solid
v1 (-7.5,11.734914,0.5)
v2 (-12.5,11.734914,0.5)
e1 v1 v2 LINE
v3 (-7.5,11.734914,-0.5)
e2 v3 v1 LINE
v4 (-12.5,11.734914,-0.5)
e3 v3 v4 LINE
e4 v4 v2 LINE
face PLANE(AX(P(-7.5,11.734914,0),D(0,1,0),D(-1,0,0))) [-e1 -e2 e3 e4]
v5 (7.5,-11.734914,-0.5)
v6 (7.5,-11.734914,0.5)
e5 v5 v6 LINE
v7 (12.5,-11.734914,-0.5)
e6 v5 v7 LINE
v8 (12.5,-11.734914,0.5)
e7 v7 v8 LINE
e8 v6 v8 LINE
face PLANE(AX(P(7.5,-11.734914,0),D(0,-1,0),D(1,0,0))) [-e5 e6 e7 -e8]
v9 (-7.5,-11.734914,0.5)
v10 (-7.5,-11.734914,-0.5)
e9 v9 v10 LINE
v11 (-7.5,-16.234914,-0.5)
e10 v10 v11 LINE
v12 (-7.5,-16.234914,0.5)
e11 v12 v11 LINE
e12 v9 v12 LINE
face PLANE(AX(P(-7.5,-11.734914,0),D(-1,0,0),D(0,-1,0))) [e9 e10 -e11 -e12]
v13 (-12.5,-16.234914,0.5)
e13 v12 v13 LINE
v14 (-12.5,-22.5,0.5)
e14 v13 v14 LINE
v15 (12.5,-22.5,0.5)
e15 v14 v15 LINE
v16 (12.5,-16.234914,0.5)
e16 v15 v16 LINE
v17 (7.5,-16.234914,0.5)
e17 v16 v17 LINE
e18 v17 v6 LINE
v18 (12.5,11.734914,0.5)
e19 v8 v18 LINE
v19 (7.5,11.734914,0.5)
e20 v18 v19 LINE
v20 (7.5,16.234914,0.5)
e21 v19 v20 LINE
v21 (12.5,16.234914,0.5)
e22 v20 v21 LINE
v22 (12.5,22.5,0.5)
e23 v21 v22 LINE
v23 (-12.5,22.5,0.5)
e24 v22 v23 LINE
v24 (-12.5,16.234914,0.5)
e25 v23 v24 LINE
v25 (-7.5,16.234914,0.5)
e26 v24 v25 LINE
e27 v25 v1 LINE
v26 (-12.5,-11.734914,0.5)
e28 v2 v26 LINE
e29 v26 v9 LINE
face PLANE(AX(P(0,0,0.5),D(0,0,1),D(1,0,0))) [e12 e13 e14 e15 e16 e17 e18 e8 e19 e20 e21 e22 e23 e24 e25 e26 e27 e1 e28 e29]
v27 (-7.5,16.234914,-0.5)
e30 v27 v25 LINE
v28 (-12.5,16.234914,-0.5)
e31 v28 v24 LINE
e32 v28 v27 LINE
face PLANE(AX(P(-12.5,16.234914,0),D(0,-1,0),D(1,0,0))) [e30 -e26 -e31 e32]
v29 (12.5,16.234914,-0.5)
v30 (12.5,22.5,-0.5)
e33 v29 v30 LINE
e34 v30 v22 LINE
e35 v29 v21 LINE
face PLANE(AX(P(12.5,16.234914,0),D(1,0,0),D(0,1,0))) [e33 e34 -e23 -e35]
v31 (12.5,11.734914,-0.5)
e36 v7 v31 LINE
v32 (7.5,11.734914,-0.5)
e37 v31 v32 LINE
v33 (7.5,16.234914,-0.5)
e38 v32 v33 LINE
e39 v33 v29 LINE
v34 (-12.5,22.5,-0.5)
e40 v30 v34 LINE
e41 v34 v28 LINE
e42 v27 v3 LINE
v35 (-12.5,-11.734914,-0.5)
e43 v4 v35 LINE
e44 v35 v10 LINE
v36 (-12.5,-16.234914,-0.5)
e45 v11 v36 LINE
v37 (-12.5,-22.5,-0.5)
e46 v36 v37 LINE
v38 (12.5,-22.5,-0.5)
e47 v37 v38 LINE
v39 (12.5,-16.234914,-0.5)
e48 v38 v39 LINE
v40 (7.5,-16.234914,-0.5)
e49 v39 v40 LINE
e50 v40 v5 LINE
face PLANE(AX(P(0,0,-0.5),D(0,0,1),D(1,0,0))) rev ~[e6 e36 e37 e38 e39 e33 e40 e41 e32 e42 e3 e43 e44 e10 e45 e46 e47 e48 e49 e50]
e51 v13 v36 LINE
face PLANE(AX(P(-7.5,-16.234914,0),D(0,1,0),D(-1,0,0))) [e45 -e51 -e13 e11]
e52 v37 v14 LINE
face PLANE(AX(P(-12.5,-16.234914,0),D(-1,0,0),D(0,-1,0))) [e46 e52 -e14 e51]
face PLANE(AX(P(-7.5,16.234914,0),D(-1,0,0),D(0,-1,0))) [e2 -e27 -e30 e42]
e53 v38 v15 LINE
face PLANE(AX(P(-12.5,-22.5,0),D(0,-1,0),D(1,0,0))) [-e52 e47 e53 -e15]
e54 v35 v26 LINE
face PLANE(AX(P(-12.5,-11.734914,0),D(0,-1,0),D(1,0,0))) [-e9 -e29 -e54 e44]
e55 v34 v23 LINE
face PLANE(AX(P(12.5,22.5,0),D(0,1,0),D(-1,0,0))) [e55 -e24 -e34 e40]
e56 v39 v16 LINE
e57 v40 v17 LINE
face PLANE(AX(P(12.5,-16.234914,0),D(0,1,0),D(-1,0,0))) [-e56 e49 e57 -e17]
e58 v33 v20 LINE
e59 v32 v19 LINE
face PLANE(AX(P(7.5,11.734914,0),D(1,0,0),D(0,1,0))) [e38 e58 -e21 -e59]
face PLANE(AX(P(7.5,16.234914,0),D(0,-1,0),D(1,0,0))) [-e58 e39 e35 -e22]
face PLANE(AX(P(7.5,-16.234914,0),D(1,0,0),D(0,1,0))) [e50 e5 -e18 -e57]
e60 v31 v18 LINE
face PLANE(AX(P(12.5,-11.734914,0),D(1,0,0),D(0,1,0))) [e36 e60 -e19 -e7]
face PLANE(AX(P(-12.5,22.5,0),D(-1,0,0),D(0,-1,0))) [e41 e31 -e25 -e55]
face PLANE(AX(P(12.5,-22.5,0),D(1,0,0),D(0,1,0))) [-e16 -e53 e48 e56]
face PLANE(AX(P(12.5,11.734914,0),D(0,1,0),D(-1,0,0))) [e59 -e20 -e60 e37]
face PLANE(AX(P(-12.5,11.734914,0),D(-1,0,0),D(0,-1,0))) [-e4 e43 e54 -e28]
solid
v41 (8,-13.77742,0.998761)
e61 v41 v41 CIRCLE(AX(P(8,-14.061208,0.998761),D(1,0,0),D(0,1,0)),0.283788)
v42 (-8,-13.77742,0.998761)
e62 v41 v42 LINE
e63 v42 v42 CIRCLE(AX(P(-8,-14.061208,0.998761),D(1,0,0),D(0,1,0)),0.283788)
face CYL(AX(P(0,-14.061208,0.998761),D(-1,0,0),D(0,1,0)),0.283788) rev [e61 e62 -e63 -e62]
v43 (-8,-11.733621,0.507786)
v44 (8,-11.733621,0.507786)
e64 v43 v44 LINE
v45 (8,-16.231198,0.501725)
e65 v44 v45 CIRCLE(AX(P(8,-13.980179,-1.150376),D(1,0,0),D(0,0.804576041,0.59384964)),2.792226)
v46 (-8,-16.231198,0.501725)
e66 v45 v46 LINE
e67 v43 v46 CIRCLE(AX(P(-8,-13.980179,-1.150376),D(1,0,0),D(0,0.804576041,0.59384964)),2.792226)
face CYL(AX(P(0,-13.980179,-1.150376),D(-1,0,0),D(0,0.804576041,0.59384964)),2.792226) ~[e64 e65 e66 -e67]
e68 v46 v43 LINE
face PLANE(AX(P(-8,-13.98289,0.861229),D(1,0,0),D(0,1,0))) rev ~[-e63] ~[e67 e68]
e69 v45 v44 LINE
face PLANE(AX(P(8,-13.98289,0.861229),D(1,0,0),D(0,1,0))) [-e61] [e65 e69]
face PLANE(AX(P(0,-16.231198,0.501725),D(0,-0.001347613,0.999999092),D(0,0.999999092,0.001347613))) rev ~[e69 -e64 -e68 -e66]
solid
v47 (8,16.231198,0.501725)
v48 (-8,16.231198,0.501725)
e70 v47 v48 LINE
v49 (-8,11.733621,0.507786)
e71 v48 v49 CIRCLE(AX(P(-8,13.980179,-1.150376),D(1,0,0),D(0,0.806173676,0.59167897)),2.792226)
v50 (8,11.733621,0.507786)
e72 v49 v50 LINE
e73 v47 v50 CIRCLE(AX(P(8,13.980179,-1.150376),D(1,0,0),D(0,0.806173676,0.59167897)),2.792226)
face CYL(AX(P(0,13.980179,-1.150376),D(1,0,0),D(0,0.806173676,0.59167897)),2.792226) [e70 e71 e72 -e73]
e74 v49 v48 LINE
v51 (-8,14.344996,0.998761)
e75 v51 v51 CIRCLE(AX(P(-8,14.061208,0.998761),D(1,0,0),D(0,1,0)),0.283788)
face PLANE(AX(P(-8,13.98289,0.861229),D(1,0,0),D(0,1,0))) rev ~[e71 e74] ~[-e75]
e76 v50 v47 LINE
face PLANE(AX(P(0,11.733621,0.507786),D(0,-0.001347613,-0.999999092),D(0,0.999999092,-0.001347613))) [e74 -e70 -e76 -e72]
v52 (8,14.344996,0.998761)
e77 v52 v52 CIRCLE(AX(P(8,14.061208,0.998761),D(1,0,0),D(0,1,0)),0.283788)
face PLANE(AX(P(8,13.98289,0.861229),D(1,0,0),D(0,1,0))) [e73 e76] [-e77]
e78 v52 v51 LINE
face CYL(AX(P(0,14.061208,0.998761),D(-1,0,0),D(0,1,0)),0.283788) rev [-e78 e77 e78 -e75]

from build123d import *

# Parameters (mm, degrees)
F1_DEPTH = 0.5
F2_R     = 0.283788
F3_DEPTH = 8


with BuildPart() as f1:
    # F0 (on Top) → F1 (new body, symmetric)
    with BuildSketch(Plane.XY):
        Polygon((-12.5, -16.234914), (-12.5, -22.5), (12.5, -22.5), (12.5, -16.234914), (7.5, -16.234914), (7.5, -11.734914), (12.5, -11.734914), (12.5, 11.734914), (7.5, 11.734914), (7.5, 16.234914), (12.5, 16.234914), (12.5, 22.5), (-12.5, 22.5), (-12.5, 16.234914), (-7.5, 16.234914), (-7.5, 11.734914), (-12.5, 11.734914), (-12.5, -11.734914), (-7.5, -11.734914), (-7.5, -16.234914), align=None)
    extrude(amount=F1_DEPTH, both=True)


with BuildPart() as f3:
    # F2 (on Right) → F3 (new body, symmetric)
    with BuildSketch(Plane.YZ):
        with BuildLine():
            Line((-16.231198, 0.501725), (-11.733621, 0.507786))
            ThreePointArc((-11.733621, 0.507786), (-13.983942, 1.641847), (-16.231198, 0.501725))
        make_face()
        with Locations((-14.061208, 0.998761)):
            Circle(F2_R, mode=Mode.SUBTRACT)
        with BuildLine():
            ThreePointArc((16.231198, 0.501725), (13.983942, 1.641847), (11.733621, 0.507786))
            Line((11.733621, 0.507786), (16.231198, 0.501725))
        make_face()
        with Locations((14.061208, 0.998761)):
            Circle(F2_R, mode=Mode.SUBTRACT)
    extrude(amount=F3_DEPTH, both=True)


solid = Compound([f1.part, f3.part])
